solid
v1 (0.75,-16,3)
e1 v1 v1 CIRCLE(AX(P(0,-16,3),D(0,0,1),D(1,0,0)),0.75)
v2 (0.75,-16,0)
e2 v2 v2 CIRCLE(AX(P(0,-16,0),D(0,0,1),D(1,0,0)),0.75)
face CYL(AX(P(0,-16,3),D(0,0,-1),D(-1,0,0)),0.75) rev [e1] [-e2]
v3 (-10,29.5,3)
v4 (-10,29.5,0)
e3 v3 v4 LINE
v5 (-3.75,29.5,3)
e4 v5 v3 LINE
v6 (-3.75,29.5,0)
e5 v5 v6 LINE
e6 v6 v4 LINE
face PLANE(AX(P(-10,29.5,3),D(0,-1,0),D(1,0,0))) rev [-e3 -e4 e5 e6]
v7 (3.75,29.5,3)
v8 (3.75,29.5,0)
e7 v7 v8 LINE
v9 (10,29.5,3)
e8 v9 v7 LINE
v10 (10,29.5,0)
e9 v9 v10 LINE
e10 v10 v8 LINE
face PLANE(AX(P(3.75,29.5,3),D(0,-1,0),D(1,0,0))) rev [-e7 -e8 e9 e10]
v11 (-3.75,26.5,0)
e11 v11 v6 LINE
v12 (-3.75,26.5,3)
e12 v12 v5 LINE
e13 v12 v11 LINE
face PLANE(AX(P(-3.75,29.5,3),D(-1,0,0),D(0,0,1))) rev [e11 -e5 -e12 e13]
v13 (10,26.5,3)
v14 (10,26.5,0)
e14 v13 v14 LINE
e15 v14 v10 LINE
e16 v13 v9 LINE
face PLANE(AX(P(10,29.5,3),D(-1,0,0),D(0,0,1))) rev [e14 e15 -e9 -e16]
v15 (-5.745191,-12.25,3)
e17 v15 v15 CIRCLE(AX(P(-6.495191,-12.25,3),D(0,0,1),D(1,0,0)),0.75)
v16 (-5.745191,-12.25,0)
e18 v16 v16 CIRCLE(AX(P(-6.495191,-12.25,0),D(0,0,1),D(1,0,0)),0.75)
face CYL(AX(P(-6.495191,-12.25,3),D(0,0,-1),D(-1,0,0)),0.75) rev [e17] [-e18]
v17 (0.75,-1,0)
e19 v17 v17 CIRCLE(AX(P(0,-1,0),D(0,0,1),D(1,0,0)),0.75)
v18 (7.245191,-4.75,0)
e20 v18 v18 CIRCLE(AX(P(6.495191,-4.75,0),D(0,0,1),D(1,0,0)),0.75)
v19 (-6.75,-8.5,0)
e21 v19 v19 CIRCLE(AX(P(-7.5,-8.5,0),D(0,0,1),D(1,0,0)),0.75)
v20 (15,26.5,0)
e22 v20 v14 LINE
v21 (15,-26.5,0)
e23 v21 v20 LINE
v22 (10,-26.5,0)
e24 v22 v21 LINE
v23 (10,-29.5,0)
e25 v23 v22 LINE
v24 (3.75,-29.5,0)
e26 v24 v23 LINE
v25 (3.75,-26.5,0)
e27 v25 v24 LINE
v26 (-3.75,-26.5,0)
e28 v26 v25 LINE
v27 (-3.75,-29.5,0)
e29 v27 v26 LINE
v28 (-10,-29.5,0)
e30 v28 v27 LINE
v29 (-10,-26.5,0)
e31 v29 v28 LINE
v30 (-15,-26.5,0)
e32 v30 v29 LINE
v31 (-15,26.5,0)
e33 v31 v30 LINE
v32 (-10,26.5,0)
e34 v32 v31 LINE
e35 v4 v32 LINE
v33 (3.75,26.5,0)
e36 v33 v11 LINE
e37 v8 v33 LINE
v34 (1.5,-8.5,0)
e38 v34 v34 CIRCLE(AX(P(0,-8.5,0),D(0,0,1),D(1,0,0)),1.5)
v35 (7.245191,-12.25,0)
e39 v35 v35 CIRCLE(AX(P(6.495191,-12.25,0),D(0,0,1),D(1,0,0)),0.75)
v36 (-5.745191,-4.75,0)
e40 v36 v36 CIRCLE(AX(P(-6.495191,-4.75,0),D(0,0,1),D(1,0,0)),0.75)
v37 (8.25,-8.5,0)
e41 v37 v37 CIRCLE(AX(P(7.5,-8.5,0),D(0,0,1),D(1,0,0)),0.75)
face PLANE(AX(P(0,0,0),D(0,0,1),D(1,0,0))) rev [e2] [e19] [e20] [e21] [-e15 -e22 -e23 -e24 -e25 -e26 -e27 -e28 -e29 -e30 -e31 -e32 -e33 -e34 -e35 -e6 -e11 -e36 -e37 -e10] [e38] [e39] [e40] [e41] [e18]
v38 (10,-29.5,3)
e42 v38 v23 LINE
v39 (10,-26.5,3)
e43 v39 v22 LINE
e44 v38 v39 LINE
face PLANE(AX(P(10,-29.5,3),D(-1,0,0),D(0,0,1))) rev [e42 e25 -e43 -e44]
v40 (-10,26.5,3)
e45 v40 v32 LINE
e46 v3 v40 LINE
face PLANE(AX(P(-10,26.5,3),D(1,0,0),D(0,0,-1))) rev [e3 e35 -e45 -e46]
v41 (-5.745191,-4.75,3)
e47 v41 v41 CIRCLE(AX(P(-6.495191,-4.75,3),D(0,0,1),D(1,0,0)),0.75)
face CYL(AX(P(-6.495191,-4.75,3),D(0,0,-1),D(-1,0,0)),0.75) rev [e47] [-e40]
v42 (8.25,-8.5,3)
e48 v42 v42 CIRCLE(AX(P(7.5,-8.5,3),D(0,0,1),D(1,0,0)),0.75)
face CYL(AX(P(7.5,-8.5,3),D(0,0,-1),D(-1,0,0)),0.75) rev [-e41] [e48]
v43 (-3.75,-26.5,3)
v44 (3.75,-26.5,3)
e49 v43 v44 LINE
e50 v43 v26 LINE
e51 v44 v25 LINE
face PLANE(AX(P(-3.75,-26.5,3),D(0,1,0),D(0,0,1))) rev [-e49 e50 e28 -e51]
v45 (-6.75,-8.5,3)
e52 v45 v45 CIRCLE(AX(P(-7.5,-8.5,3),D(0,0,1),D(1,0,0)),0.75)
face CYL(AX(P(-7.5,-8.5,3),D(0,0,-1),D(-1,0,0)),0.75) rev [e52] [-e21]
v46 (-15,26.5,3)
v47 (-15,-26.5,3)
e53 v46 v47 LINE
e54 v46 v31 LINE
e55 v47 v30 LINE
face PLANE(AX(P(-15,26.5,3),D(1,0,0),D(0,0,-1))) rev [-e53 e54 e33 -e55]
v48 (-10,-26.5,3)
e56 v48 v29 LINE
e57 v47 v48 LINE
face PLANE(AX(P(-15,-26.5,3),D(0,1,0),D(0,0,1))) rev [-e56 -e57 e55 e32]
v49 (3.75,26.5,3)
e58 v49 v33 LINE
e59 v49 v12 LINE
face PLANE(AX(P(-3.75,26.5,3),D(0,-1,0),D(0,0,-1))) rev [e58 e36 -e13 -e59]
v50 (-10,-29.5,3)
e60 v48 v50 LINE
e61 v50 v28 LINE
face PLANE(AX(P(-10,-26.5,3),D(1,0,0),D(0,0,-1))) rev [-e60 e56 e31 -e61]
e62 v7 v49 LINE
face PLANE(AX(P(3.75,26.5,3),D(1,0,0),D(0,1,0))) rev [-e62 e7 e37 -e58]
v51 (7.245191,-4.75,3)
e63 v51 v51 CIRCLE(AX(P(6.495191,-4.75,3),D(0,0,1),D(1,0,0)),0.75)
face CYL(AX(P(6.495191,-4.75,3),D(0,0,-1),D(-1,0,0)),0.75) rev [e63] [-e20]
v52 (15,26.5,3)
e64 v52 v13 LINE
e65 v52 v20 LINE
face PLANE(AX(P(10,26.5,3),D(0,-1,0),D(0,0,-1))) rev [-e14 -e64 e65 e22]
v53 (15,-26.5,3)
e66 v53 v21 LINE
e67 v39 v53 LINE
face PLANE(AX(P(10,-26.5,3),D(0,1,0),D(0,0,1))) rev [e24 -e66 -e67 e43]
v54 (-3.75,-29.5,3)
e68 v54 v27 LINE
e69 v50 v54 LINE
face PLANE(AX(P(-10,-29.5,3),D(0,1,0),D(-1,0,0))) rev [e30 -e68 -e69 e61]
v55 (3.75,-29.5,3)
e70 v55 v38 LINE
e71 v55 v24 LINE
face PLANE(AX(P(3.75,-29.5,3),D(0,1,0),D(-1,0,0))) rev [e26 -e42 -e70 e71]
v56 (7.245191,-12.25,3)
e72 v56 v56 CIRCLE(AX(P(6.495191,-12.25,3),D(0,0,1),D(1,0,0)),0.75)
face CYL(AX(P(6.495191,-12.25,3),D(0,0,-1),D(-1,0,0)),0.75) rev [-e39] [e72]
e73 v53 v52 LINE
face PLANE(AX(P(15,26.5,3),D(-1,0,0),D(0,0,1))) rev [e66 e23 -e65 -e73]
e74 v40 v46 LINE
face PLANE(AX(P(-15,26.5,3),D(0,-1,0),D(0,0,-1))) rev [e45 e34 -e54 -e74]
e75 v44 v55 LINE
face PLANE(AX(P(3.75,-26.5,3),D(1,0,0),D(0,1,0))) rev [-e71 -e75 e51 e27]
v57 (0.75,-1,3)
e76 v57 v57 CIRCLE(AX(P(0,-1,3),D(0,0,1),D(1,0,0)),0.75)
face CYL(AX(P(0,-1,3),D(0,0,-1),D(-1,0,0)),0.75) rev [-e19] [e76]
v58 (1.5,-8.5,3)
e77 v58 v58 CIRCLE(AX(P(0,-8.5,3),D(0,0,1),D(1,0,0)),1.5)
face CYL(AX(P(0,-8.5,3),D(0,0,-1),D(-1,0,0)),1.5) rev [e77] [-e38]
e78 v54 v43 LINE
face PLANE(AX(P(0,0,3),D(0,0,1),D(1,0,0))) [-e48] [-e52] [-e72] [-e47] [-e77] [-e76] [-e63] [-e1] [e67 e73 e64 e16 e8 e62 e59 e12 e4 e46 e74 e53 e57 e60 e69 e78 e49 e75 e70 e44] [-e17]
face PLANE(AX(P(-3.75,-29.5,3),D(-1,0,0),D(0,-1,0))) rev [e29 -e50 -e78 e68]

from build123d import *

# Parameters (mm, degrees)
SKETCH1_R           = 0.75
SKETCH1_R_2         = 1.5
BOSS_EXTRUDE1_DEPTH = 3


with BuildPart() as part:
    # Sketch1 → Boss-Extrude1 (new body)
    with BuildSketch(Plane.XY):
        Polygon((-15, 26.5), (-10, 26.5), (-10, 29.5), (-3.75, 29.5), (-3.75, 26.5), (3.75, 26.5), (3.75, 29.5), (10, 29.5), (10, 26.5), (15, 26.5), (15, -26.5), (10, -26.5), (10, -29.5), (3.75, -29.5), (3.75, -26.5), (-3.75, -26.5), (-3.75, -29.5), (-10, -29.5), (-10, -26.5), (-15, -26.5), align=None)
        with Locations((0, -1)):
            Circle(SKETCH1_R, mode=Mode.SUBTRACT)
        with Locations((6.495190528, -4.75)):
            Circle(SKETCH1_R, mode=Mode.SUBTRACT)
        with Locations((6.495190528, -12.25)):
            Circle(SKETCH1_R, mode=Mode.SUBTRACT)
        with Locations((0, -16)):
            Circle(SKETCH1_R, mode=Mode.SUBTRACT)
        with Locations((-6.495190528, -12.25)):
            Circle(SKETCH1_R, mode=Mode.SUBTRACT)
        with Locations((-6.495190528, -4.75)):
            Circle(SKETCH1_R, mode=Mode.SUBTRACT)
        with Locations((0, -8.5)):
            Circle(SKETCH1_R_2, mode=Mode.SUBTRACT)
        with Locations((-7.5, -8.5)):
            Circle(SKETCH1_R, mode=Mode.SUBTRACT)
        with Locations((7.5, -8.5)):
            Circle(SKETCH1_R, mode=Mode.SUBTRACT)
    extrude(amount=BOSS_EXTRUDE1_DEPTH)


solid = part.part
